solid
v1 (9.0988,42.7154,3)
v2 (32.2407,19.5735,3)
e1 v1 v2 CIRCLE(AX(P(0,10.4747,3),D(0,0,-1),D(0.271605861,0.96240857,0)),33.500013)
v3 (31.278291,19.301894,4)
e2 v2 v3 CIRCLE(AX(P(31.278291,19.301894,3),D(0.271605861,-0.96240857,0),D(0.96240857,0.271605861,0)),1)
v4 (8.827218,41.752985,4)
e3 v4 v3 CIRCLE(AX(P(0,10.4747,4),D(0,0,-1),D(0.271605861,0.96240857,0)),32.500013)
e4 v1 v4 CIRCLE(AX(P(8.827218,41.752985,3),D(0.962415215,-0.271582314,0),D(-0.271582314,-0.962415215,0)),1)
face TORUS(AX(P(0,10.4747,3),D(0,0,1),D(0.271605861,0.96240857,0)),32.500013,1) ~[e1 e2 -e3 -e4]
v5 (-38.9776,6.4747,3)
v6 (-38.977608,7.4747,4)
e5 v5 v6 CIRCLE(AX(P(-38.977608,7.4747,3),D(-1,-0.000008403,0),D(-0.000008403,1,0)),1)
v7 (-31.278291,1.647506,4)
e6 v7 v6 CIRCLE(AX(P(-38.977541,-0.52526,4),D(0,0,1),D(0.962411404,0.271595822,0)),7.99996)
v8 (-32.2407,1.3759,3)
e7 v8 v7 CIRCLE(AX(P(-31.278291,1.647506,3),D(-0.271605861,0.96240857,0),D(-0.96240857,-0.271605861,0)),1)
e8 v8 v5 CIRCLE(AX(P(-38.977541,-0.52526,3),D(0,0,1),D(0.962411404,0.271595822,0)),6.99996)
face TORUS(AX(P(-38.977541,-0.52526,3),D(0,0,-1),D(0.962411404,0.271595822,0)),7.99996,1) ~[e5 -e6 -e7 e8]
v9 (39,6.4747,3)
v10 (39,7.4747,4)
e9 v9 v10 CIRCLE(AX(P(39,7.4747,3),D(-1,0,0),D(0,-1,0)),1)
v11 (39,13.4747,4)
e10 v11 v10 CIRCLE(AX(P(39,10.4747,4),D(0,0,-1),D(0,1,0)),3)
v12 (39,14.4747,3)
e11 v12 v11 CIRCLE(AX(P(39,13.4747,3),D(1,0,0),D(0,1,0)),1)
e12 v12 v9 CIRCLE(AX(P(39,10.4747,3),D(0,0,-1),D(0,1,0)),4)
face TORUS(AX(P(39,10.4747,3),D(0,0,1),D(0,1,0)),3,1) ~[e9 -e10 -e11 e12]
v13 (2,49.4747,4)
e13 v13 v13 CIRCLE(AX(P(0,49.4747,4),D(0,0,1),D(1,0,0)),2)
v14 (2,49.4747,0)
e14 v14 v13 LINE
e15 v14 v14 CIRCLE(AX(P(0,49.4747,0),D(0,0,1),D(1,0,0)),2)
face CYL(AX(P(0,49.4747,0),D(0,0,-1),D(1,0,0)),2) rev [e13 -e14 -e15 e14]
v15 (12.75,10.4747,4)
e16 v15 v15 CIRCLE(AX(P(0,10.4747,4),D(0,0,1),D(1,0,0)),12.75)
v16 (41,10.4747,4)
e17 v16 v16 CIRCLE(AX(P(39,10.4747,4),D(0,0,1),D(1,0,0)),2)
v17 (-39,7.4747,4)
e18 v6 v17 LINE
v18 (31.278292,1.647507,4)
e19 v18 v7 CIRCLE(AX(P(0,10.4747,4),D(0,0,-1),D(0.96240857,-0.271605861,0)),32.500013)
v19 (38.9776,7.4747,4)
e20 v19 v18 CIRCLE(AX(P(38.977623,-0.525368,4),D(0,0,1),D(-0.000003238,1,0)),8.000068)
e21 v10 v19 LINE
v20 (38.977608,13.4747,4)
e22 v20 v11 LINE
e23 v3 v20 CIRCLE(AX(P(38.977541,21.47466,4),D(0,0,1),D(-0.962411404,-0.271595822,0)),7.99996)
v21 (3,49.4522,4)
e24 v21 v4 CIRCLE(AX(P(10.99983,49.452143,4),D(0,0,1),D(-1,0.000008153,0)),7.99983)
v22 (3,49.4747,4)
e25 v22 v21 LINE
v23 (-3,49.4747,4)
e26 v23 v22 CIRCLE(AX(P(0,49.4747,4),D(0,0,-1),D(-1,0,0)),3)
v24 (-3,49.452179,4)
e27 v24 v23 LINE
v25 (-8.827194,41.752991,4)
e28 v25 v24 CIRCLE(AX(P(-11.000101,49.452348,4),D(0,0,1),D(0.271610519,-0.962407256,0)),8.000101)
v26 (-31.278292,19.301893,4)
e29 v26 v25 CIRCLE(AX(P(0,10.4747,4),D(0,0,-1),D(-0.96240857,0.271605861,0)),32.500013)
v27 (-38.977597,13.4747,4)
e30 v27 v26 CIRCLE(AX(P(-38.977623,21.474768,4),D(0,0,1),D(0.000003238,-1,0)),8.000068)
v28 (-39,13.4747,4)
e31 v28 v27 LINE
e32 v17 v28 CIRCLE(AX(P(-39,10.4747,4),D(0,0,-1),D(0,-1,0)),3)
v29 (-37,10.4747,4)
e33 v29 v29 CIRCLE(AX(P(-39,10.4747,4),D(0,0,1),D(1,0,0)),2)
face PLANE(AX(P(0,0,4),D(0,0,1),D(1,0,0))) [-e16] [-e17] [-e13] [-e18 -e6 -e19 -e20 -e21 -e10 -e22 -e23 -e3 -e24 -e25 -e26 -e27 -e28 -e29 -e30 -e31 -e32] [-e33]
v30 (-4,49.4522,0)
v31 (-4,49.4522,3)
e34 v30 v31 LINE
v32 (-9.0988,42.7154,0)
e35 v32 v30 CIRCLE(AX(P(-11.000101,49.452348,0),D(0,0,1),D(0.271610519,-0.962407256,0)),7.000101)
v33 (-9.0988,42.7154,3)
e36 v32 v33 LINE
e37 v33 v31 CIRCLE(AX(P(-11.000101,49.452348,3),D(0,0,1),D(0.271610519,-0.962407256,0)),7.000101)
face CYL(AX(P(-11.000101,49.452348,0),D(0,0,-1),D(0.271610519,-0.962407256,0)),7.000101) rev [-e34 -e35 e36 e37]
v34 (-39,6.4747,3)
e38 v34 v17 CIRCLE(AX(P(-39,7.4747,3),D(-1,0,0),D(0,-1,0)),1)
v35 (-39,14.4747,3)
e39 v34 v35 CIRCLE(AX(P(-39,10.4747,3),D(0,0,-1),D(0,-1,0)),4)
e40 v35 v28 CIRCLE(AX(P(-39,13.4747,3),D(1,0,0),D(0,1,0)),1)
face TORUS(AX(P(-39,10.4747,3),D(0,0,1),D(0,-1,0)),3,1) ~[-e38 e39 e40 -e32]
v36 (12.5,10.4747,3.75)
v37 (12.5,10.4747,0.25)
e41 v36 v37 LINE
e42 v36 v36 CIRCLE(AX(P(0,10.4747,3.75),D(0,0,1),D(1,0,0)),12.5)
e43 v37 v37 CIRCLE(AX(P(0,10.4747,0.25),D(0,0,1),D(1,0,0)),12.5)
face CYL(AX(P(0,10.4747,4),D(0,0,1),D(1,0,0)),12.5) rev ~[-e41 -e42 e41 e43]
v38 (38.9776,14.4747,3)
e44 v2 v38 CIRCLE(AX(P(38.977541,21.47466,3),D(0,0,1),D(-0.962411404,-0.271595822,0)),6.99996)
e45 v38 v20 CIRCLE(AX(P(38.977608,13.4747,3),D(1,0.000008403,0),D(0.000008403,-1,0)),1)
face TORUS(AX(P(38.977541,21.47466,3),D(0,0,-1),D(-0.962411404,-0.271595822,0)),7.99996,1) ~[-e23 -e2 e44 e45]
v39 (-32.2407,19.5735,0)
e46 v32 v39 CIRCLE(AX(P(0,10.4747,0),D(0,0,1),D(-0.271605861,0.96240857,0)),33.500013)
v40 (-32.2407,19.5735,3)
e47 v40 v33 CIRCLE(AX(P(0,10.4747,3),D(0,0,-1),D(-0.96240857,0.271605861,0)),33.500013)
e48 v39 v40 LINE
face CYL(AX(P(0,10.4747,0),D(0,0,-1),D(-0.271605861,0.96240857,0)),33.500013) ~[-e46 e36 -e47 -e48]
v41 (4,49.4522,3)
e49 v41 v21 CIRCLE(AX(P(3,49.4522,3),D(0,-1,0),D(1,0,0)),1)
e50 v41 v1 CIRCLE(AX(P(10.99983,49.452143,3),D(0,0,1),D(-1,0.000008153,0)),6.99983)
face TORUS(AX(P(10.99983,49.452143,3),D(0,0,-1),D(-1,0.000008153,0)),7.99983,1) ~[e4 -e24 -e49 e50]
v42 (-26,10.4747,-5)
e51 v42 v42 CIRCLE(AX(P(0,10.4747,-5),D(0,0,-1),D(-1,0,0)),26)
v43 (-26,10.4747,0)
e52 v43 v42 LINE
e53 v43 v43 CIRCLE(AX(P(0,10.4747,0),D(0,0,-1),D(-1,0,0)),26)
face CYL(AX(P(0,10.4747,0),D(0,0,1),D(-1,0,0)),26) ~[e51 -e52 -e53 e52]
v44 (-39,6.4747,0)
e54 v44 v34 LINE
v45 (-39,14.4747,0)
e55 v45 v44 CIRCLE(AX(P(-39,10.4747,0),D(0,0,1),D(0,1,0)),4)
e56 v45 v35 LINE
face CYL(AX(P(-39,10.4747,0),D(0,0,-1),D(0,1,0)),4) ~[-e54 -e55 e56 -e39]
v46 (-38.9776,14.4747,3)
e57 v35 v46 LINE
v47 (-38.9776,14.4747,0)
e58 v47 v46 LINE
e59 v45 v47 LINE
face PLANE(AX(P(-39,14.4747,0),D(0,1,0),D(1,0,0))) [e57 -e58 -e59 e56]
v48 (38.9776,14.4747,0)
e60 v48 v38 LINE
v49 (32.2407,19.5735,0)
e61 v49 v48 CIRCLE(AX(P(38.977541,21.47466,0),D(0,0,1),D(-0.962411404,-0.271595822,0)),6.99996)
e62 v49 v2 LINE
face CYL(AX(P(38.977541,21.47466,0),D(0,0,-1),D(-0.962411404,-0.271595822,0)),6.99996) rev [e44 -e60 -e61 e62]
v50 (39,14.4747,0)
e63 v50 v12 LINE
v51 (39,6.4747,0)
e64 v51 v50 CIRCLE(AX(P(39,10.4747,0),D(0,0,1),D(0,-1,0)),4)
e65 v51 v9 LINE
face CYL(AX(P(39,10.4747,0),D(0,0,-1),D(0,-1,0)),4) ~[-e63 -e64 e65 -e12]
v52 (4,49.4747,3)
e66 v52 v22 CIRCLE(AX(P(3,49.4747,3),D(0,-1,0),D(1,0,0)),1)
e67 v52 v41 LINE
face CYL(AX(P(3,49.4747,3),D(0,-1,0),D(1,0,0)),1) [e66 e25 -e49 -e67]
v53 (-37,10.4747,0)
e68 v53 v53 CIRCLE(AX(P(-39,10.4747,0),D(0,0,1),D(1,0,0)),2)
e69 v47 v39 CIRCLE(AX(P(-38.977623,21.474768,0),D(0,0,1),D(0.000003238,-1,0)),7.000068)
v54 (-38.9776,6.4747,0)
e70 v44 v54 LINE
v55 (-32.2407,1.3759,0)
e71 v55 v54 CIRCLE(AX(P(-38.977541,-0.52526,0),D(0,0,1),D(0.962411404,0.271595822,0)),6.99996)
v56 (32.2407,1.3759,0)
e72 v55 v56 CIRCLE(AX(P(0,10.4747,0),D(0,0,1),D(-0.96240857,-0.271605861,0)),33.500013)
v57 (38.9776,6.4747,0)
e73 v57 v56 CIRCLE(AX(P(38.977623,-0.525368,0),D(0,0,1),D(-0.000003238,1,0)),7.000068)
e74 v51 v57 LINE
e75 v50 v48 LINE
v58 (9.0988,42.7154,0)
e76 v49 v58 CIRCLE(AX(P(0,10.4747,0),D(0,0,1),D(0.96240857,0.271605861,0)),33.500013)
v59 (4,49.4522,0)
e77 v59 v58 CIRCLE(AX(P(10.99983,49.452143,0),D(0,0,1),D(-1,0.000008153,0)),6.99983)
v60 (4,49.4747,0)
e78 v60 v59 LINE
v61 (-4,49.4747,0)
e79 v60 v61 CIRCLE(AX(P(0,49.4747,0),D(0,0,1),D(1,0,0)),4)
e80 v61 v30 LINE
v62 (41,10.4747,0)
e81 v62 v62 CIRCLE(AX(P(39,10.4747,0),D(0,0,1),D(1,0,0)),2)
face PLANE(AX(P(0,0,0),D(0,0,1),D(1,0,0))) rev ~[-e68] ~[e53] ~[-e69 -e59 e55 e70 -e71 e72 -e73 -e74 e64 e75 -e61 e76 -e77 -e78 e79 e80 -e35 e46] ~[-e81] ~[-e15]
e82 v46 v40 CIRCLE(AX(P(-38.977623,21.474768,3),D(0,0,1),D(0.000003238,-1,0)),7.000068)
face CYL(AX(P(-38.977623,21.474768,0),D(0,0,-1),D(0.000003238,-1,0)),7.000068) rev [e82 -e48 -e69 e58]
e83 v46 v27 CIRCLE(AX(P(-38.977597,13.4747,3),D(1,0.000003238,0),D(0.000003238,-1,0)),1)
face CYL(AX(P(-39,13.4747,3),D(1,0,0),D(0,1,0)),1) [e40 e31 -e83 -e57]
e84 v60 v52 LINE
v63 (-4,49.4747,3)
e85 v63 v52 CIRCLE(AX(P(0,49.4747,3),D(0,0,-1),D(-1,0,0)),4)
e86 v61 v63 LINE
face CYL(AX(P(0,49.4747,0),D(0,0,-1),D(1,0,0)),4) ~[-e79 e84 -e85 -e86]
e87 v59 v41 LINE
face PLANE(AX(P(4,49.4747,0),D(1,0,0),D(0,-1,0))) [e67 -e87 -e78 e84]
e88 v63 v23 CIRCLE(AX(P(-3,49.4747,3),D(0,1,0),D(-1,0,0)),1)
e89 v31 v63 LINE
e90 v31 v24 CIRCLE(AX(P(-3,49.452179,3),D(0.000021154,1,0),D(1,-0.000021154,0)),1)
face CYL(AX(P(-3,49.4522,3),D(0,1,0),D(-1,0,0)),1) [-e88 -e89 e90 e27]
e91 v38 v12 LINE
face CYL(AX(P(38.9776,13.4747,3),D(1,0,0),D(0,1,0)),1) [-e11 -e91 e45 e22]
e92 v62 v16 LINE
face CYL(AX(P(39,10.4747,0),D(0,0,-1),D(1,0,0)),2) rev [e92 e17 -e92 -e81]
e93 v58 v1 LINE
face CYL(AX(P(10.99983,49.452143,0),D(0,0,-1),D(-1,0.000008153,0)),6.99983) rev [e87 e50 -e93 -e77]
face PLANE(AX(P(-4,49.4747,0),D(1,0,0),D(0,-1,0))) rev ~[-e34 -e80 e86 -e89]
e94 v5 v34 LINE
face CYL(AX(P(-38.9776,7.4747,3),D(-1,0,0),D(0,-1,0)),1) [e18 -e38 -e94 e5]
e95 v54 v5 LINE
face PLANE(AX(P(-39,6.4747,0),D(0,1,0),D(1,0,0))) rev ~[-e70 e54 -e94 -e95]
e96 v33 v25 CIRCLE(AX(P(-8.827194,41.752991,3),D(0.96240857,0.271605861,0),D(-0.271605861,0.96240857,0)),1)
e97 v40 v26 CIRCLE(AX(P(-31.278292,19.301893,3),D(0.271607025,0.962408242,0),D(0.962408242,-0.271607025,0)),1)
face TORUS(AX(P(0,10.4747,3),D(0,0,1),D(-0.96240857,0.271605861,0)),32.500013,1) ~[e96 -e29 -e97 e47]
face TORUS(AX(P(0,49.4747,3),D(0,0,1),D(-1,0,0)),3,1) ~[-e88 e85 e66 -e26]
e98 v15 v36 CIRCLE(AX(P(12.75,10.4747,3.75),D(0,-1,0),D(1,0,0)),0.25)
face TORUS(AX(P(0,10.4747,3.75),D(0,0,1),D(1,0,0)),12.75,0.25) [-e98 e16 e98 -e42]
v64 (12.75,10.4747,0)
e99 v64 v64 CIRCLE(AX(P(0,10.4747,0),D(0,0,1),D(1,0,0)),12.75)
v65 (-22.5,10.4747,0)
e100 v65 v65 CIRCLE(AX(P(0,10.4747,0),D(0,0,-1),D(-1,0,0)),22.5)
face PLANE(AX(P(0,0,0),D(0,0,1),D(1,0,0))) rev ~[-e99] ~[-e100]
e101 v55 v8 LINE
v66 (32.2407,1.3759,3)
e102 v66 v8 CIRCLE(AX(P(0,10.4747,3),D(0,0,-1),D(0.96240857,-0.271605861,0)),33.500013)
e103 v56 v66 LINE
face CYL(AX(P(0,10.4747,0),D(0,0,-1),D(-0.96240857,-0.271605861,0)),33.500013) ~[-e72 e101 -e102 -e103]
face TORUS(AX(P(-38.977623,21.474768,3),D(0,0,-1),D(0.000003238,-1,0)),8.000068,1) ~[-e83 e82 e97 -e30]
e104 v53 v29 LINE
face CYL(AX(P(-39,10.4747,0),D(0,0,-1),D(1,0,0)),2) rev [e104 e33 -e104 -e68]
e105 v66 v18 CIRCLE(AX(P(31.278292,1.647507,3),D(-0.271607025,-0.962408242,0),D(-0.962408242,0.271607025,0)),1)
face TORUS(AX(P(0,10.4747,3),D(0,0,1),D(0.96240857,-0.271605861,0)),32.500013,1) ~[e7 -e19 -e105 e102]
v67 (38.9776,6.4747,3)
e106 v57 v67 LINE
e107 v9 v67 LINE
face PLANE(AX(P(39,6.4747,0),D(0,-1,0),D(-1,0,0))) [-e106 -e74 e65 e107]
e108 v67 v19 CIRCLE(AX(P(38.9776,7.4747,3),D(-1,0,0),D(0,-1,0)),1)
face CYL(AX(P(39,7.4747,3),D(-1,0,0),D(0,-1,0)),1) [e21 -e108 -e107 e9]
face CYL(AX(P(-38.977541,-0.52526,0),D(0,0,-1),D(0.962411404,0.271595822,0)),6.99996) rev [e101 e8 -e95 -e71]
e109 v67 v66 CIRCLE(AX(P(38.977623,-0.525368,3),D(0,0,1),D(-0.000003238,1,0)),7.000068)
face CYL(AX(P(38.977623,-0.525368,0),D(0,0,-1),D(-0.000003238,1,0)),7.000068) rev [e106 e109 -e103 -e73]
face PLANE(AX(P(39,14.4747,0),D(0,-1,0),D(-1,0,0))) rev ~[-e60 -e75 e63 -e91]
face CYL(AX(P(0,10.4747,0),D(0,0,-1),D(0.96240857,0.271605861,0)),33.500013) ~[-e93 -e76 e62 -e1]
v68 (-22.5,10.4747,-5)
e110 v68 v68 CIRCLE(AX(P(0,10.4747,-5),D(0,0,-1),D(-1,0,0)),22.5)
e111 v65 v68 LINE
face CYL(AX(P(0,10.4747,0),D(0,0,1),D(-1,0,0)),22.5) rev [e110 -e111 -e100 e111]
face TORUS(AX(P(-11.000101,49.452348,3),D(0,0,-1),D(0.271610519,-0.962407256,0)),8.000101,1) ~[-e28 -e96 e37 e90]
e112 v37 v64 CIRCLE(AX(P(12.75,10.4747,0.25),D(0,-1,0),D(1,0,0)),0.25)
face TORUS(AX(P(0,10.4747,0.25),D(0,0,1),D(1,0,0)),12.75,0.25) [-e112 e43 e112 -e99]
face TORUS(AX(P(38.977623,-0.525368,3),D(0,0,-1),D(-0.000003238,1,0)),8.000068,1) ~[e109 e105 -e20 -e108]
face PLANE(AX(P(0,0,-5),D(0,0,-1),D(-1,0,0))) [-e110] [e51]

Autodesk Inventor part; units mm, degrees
ref_plane "YZ Plane" through (0, 0, 0) normal (1, 0, 0) x (0, 1, 0)
ref_plane "XZ Plane" through (0, 0, 0) normal (0, 1, 0) x (-1, 0, 0)
ref_plane "XY Plane" through (0, 0, 0) normal (0, 0, 1) x (1, 0, 0)
sketch "Sketch1" plane through (0, 0, 0) normal (0, 0, 1) x (1, 0, 0)
  circle A0 centre (0, 10.4747) radius 26 construction
  arc A1 (2.8969, 46.7164) -> (-2.8969, 46.7164) centre (0, 49.4747) ccw construction
  circle A2 centre (0, 49.4747) radius 2 construction
  arc A3 (36.3889, 7.4445) -> (36.2417, 13.3716) centre (39, 10.4747) ccw construction
  circle A4 centre (39, 10.4747) radius 2 construction
  arc A5 (-36.2417, 13.3716) -> (-36.3889, 7.4445) centre (-39, 10.4747) ccw construction
  circle A6 centre (-39, 10.4747) radius 2 construction
  arc A7 (33.5, 10.4747) -> (-33.5, 10.4747) centre (0, 10.4747) ccw construction
  arc A8 (4, 49.4747) -> (-4, 49.4747) centre (0, 49.4747) ccw
  circle A9 centre (0, 49.4747) radius 2
  arc A10 (39, 6.4747) -> (39, 14.4747) centre (39, 10.4747) ccw
  circle A11 centre (39, 10.4747) radius 2
  circle A12 centre (-39, 10.4747) radius 2
  arc A13 (-39, 14.4747) -> (-39, 6.4747) centre (-39, 10.4747) ccw
  line L0 (-4, 49.4747) -> (-4, 49.4522)
  line L1 (4, 49.4747) -> (4, 49.4522)
  arc A14 (-9.0988, 42.7154) -> (-4, 49.4522) centre (-11, 49.4522) ccw
  arc A15 (4, 49.4522) -> (9.0988, 42.7154) centre (11, 49.4522) ccw
  line L2 (-39, 14.4747) -> (-38.9776, 14.4747)
  line L3 (-39, 6.4747) -> (-38.9776, 6.4747)
  line L4 (39, 14.4747) -> (38.9776, 14.4747)
  line L5 (39, 6.4747) -> (38.9776, 6.4747)
  arc A16 (-9.0988, 42.7154) -> (-32.2407, 19.5735) centre (0, 10.4747) ccw
  arc A17 (-32.2407, 1.3759) -> (32.2407, 1.3759) centre (0, 10.4747) ccw
  arc A18 (32.2407, 19.5735) -> (9.0988, 42.7154) centre (0, 10.4747) ccw
  arc A19 (-38.9776, 14.4747) -> (-32.2407, 19.5735) centre (-38.9776, 21.4747) ccw
  arc A20 (-32.2407, 1.3759) -> (-38.9776, 6.4747) centre (-38.9776, -0.5253) ccw
  arc A21 (38.9776, 6.4747) -> (32.2407, 1.3759) centre (38.9776, -0.5253) ccw
  arc A22 (32.2407, 19.5735) -> (38.9776, 14.4747) centre (38.9776, 21.4747) ccw
  point P0 (0, 0)
  point P1 (-33.2603, 14.4747)
  point P2 (-33.2603, 6.4747)
  point P3 (33.2603, 14.4747)
  point P4 (33.2603, 6.4747)
  dimension "d1" = 7
  dimension "d2" = 7
  dimension "d3" = 7
  dimension "d4" = 33.5
  dimension "d5" = 33.5
  dimension "d6" = 33.5
extrude "Extrusion1" add sketch "Sketch1" along normal blind 4
fillet "Fillet1" radius 1 18 edges at (-34.7531, 15.8931, 4) (-38.9888, 14.4747, 4) (-43, 10.4747, 4) (-38.9888, 6.4747, 4) (-34.7531, 5.0563, 4) (0, -23.0253, 4) (34.7531, 5.0563, 4) (38.9888, 6.4747, 4) (43, 10.4747, 4) (38.9888, 14.4747, 4) (34.7531, 15.8931, 4) (23.6881, 34.1628, 4) (5.4184, 45.2278, 4) (4, 49.4635, 4) (0, 53.4747, 4) (-4, 49.4635, 4) (-5.4184, 45.2278, 4) (-23.6881, 34.1628, 4)
sketch "Sketch2" plane through (0, 0, 0) normal (0, 0, -1) x (-1, 0, 0)
  circle A0 centre (0, 10.4747) radius 26 construction
  circle A1 centre (0, 10.4747) radius 26
  circle A2 centre (0, 10.4747) radius 22.5
  point P0 (0, 0)
  dimension "d12" = 45
extrude "Extrusion2" add sketch "Sketch2" along normal blind 5
sketch "Sketch3" plane through (0, 0, 4) normal (0, 0, 1) x (1, 0, 0)
  circle A0 centre (0, 10.4747) radius 12.5 construction
  circle A1 centre (0, 10.4747) radius 12.5
  point P0 (0, 0)
extrude "Extrusion3" cut sketch "Sketch3" against normal up to next
fillet "Fillet2" radius 0.25 2 edges at (-12.5, 10.4747, 0) (-12.5, 10.4747, 4)
properties part number "PillowCover" material "Steel, Mild"
